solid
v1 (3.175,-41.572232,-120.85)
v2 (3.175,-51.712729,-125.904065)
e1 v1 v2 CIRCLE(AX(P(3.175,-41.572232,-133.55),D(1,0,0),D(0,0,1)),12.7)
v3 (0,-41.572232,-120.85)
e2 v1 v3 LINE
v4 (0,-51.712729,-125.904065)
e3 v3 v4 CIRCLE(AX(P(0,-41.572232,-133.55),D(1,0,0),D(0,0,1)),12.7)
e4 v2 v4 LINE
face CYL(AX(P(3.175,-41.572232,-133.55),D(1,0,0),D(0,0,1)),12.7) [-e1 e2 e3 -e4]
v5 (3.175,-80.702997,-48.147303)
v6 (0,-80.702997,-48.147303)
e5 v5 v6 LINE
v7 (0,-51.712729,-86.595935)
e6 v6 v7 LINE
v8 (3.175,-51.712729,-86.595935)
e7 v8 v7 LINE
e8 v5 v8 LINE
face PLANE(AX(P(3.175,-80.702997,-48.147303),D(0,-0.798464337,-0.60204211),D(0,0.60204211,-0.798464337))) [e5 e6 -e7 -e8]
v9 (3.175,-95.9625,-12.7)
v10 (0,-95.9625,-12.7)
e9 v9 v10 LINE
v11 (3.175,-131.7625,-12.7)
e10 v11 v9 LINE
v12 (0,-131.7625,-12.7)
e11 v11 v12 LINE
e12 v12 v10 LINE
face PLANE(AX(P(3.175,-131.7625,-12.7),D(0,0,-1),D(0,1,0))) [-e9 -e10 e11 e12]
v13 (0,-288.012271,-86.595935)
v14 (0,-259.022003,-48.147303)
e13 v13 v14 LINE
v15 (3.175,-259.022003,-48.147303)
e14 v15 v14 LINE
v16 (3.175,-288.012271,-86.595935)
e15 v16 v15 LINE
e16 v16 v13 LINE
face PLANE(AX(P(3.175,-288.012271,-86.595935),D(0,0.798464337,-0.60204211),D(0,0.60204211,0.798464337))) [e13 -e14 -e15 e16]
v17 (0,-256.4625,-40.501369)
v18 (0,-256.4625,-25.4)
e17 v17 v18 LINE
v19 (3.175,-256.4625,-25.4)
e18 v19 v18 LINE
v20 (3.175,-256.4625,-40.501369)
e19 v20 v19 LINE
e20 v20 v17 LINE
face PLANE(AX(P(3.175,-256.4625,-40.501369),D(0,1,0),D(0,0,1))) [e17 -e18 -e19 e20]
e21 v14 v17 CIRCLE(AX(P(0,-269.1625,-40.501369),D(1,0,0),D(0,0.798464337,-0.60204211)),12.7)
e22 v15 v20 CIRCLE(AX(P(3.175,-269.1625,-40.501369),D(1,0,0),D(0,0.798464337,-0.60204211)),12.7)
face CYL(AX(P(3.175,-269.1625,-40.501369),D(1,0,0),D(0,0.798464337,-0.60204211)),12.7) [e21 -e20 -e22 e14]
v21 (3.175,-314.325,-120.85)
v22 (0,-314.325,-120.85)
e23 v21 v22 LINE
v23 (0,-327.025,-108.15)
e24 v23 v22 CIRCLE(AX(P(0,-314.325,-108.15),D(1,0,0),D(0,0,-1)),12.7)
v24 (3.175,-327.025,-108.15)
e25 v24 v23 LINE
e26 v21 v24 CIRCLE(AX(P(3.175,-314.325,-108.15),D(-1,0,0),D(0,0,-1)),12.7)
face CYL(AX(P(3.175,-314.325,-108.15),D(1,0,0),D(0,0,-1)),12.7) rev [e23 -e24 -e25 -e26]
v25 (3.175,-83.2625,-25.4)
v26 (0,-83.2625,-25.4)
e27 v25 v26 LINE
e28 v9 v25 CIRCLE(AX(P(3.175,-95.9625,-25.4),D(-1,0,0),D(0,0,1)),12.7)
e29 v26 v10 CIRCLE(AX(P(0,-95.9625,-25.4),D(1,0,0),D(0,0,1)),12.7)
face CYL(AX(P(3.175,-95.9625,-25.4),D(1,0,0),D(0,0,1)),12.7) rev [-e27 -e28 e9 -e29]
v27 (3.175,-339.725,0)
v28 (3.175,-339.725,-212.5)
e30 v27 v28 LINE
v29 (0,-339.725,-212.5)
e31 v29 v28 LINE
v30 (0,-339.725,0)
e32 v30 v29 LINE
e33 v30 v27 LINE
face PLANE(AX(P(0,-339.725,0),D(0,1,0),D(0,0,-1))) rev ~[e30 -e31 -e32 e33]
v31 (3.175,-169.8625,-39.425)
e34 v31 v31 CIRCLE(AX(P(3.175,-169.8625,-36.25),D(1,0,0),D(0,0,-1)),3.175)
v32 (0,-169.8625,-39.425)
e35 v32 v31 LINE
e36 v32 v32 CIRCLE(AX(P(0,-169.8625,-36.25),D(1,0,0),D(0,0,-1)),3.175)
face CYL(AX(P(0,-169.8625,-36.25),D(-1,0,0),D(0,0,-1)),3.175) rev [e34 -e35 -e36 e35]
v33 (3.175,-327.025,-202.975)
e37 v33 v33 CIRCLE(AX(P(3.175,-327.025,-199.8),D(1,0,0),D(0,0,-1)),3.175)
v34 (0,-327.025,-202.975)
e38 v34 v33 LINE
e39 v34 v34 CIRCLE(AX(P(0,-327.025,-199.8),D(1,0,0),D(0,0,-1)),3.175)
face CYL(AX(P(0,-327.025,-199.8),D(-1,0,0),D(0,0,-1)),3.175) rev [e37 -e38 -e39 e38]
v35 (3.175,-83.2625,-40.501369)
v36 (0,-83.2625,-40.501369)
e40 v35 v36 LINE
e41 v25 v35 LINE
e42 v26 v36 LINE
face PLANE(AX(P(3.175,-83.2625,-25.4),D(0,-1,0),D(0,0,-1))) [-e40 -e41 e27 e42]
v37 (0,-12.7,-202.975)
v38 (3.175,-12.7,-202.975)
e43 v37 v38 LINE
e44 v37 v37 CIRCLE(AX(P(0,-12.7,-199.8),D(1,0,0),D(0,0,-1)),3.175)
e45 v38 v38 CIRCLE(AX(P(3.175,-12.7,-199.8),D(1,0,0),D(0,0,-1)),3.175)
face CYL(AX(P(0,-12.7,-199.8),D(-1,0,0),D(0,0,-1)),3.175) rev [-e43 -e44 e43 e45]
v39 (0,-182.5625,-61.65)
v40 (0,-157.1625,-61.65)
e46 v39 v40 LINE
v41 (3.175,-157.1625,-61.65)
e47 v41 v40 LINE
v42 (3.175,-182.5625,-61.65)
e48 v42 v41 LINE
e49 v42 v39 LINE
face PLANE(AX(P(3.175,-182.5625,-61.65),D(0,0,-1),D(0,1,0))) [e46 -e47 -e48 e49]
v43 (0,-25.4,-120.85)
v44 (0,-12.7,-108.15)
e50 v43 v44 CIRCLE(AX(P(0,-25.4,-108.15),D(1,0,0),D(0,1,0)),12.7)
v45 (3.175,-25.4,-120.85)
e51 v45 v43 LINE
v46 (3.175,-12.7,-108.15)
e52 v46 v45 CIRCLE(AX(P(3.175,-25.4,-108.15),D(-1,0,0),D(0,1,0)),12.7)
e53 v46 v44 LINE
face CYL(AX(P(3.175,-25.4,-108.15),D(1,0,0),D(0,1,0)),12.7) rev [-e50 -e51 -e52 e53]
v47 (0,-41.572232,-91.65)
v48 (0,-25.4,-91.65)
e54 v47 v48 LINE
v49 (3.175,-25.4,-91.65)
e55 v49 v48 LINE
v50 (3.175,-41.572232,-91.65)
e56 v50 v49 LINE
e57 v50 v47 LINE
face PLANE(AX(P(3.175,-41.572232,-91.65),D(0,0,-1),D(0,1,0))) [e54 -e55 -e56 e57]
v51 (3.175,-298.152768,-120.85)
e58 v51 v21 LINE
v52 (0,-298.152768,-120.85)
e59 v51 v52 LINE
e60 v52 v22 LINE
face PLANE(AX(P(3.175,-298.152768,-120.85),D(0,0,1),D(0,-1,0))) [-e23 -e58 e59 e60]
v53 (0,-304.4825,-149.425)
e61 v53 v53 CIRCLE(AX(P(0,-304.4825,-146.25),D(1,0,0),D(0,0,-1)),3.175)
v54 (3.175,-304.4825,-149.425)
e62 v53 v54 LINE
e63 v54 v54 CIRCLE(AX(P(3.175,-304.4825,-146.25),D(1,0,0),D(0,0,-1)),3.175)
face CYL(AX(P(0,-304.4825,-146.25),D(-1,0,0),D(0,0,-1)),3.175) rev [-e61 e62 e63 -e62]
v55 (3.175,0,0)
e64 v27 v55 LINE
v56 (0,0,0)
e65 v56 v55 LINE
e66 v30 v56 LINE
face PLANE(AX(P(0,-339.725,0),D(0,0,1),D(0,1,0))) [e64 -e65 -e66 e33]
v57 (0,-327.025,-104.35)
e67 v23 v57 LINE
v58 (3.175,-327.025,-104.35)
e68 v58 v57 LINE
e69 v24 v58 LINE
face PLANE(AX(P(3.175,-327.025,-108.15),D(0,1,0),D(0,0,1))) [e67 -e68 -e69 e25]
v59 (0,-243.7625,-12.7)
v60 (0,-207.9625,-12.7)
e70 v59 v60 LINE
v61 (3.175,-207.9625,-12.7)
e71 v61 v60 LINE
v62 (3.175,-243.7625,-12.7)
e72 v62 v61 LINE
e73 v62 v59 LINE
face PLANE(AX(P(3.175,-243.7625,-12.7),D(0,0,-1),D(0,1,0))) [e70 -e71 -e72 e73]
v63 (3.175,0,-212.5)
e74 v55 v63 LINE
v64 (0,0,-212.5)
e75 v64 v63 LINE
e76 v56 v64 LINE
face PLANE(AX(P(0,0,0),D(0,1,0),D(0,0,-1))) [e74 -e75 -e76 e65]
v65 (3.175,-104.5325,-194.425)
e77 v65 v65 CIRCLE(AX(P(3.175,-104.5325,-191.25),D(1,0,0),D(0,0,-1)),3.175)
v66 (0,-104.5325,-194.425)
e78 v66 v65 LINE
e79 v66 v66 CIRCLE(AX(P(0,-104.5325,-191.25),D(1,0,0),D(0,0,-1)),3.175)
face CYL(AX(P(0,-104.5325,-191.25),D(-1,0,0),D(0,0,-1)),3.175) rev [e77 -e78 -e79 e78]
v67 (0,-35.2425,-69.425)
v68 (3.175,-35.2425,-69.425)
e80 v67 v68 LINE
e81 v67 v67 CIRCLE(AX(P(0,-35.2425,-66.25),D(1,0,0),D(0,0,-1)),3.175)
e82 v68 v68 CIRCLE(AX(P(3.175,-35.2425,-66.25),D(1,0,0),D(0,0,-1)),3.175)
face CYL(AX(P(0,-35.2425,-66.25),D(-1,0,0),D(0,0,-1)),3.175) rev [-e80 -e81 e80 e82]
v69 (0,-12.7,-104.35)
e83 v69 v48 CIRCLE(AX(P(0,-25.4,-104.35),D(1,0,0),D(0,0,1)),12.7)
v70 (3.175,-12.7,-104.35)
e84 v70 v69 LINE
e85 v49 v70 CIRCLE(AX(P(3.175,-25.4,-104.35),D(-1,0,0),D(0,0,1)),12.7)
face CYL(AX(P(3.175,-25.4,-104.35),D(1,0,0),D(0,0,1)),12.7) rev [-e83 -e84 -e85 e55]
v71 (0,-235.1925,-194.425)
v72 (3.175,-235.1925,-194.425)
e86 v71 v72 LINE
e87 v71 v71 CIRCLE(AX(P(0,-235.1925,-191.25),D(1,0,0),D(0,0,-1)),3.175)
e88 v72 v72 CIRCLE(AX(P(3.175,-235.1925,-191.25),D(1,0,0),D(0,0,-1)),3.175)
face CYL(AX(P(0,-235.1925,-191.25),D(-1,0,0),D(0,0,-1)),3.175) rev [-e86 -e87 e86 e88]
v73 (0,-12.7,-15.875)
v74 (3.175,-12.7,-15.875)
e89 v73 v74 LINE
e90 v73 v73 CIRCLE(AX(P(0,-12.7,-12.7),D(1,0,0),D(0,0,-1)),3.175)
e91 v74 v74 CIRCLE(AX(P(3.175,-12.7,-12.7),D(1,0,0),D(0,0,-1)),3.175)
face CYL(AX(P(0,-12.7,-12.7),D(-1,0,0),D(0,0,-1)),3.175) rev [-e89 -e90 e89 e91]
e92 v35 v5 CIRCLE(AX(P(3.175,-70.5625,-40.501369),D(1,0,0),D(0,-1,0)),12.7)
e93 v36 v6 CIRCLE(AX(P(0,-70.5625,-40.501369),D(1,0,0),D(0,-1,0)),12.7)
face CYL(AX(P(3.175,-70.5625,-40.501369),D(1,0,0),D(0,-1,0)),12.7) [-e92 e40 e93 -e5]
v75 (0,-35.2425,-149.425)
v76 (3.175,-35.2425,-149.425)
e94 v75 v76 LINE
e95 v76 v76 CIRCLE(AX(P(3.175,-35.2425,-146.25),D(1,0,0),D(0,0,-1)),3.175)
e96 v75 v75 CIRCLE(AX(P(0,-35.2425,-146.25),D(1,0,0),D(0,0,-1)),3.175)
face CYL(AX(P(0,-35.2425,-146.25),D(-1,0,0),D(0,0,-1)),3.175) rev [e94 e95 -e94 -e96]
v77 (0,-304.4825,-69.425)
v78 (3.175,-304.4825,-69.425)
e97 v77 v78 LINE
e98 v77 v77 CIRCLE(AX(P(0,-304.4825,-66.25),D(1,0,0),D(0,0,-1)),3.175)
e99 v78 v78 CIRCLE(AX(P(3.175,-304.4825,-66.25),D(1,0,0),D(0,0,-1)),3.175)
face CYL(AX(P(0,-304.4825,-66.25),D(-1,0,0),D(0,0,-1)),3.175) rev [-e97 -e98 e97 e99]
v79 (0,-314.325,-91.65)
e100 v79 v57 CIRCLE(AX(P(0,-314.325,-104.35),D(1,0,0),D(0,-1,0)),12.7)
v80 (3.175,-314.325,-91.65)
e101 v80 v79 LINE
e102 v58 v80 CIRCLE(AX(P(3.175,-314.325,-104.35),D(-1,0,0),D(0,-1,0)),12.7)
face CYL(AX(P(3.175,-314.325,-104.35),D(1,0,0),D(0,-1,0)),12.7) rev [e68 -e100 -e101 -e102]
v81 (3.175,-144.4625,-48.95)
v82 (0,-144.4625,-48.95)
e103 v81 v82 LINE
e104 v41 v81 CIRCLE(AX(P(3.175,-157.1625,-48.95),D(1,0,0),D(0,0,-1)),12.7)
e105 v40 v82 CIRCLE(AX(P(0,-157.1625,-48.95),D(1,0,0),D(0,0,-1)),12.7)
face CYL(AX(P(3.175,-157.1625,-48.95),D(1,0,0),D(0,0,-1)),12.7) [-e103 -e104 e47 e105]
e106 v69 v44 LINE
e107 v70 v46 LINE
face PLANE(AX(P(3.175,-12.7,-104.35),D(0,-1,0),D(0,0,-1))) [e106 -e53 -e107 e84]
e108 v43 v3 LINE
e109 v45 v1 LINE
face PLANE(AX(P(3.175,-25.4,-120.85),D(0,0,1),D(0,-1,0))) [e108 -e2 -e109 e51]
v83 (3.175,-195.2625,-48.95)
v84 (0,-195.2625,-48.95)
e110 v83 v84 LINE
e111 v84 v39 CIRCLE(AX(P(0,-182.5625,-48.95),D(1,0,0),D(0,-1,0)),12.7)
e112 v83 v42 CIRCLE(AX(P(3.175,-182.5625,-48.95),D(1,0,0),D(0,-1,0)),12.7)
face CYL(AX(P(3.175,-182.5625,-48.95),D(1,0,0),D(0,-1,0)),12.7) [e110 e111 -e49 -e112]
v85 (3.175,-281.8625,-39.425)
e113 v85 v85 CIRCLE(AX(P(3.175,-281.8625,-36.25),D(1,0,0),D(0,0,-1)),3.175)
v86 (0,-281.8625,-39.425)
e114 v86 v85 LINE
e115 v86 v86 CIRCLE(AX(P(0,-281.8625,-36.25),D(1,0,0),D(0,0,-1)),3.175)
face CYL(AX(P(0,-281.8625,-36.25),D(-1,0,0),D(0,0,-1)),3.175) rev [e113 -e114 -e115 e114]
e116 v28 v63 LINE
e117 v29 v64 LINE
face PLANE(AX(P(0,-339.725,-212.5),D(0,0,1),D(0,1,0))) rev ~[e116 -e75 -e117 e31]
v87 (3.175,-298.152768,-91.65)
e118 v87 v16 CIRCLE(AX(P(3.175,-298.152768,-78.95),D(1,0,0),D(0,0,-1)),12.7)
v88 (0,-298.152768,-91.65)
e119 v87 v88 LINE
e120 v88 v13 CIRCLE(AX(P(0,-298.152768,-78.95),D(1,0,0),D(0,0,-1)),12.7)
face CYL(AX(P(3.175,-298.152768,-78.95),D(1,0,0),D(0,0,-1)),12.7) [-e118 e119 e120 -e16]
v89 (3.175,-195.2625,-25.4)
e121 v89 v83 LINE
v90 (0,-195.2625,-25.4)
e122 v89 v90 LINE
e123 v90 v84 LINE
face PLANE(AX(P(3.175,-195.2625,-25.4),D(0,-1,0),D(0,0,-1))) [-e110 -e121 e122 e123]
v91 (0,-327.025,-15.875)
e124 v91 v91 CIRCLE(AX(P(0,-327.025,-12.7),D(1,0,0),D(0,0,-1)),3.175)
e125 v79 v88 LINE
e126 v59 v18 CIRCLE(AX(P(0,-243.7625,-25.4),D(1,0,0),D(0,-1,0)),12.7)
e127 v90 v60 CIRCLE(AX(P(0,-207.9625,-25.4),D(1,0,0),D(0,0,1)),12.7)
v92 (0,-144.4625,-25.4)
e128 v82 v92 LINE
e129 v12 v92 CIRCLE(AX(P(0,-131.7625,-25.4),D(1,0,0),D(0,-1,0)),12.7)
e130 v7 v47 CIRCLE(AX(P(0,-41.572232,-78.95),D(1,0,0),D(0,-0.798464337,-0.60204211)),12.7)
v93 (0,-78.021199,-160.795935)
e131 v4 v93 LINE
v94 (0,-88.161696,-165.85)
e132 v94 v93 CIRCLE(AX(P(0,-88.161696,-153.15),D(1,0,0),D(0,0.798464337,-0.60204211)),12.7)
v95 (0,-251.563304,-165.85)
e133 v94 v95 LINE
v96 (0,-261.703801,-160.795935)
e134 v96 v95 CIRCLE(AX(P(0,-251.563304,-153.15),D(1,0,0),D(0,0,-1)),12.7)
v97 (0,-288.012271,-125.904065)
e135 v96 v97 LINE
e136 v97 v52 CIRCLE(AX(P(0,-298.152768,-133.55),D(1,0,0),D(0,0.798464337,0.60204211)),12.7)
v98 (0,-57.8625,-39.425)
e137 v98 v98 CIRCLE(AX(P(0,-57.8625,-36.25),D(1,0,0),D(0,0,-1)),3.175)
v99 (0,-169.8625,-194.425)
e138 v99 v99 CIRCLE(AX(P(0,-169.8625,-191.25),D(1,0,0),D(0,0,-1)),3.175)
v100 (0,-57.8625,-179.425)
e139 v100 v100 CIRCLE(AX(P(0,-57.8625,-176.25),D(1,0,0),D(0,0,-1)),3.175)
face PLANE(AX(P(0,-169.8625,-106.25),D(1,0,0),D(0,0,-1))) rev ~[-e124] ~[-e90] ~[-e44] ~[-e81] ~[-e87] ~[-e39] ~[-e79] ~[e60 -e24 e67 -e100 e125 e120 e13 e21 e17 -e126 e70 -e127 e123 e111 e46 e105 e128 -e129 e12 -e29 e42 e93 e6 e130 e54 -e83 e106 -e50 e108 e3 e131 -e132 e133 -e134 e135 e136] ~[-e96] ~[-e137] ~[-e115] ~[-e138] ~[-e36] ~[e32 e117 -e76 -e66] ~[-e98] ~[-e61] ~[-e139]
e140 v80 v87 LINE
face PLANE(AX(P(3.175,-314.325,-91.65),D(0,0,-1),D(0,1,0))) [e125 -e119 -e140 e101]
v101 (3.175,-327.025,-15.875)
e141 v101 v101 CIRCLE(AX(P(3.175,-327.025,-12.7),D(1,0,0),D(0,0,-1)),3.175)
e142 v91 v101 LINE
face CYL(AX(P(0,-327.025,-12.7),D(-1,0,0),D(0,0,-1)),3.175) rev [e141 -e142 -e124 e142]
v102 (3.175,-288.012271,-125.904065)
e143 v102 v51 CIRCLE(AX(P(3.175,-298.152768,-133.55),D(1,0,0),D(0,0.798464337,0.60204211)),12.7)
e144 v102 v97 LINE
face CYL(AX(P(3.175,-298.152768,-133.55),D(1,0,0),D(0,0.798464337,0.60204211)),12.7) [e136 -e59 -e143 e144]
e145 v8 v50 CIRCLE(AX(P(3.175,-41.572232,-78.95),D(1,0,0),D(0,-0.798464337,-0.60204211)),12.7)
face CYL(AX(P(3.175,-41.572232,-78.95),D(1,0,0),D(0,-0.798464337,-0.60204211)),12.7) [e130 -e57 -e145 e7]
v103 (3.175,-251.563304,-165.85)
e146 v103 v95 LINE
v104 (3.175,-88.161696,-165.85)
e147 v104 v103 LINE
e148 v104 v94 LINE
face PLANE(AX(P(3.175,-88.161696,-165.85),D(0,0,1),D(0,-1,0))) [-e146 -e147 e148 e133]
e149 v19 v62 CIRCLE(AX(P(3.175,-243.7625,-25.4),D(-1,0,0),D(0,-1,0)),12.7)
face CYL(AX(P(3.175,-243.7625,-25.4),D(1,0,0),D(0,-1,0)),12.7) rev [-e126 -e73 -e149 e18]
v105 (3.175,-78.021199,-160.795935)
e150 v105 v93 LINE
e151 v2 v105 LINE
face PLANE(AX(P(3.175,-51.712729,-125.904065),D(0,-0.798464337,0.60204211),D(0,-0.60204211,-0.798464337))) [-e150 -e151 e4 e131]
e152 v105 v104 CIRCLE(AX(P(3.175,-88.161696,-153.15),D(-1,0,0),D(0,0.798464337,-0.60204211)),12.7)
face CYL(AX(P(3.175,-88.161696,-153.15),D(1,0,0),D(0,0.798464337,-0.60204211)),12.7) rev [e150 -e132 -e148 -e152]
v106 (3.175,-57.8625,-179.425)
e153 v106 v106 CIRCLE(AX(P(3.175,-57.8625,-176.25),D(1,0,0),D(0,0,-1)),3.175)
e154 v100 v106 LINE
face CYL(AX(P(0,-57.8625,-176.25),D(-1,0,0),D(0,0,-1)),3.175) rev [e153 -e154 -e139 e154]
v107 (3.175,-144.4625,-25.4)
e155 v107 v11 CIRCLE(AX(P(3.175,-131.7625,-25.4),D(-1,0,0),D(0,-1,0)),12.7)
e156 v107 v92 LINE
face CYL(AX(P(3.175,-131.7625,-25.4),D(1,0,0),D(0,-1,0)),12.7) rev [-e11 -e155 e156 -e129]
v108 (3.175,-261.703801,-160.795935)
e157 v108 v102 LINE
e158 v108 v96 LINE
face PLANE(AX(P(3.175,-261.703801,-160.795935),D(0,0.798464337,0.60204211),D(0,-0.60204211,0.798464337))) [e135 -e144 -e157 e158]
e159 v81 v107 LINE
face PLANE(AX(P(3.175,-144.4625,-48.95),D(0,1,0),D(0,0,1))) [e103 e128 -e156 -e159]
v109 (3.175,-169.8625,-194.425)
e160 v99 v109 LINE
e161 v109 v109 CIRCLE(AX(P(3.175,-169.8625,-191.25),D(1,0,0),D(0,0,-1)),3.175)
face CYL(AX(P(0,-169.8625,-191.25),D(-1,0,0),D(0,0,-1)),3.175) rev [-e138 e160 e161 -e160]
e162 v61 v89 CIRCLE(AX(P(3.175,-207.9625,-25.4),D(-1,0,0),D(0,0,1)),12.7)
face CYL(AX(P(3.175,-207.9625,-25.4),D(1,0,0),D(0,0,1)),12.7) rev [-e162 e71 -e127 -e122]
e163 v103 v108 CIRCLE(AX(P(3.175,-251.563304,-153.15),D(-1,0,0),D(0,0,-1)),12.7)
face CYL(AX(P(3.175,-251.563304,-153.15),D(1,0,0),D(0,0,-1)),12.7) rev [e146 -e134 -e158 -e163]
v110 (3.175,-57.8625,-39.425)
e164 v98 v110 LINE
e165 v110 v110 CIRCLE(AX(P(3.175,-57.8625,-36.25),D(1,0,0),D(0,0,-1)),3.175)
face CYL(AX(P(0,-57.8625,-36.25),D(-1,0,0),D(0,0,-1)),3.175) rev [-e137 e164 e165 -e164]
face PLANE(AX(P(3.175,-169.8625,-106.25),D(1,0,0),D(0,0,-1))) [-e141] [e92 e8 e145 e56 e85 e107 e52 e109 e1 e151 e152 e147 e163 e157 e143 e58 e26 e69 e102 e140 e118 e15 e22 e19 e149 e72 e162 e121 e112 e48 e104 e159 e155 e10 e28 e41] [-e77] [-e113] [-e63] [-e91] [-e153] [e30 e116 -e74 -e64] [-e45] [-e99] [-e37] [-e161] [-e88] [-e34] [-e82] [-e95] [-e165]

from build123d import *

# Parameters (mm, degrees)
SKETCH1_W           = 212.5
SKETCH1_H           = 339.725
SKETCH1_R           = 3.175
BOSS_EXTRUDE1_DEPTH = 3.175
CUT_EXTRUDE1_DEPTH  = 4.175


with BuildPart() as part:
    # Sketch1 → Boss-Extrude1 (new body)
    with BuildSketch(Plane(origin=(0, 0, 0), x_dir=(0, 0, -1), z_dir=(1, 0, 0))):
        with Locations((106.25, -169.8625)):
            Rectangle(SKETCH1_W, SKETCH1_H)
        with Locations((12.7, -12.7)):
            Circle(SKETCH1_R, mode=Mode.SUBTRACT)
        with Locations((199.8, -12.7)):
            Circle(SKETCH1_R, mode=Mode.SUBTRACT)
        with Locations((66.25, -35.2425)):
            Circle(SKETCH1_R, mode=Mode.SUBTRACT)
        with Locations((146.25, -35.2425)):
            Circle(SKETCH1_R, mode=Mode.SUBTRACT)
        with Locations((176.25, -57.8625)):
            Circle(SKETCH1_R, mode=Mode.SUBTRACT)
        with Locations((36.25, -57.8625)):
            Circle(SKETCH1_R, mode=Mode.SUBTRACT)
        with Locations((191.25, -104.5325)):
            Circle(SKETCH1_R, mode=Mode.SUBTRACT)
        with Locations((36.25, -169.8625)):
            Circle(SKETCH1_R, mode=Mode.SUBTRACT)
        with Locations((191.25, -169.8625)):
            Circle(SKETCH1_R, mode=Mode.SUBTRACT)
        with Locations((36.25, -281.8625)):
            Circle(SKETCH1_R, mode=Mode.SUBTRACT)
        with Locations((66.25, -304.4825)):
            Circle(SKETCH1_R, mode=Mode.SUBTRACT)
        with Locations((12.7, -327.025)):
            Circle(SKETCH1_R, mode=Mode.SUBTRACT)
        with Locations((199.8, -327.025)):
            Circle(SKETCH1_R, mode=Mode.SUBTRACT)
        with Locations((146.25, -304.4825)):
            Circle(SKETCH1_R, mode=Mode.SUBTRACT)
        with Locations((191.25, -235.1925)):
            Circle(SKETCH1_R, mode=Mode.SUBTRACT)
    extrude(amount=BOSS_EXTRUDE1_DEPTH)

    # Sketch2 → Cut-Extrude1 (cut, through all)
    with BuildSketch(Plane(origin=(3.175, 0, 0), x_dir=(0, 0, -1), z_dir=(1, 0, 0))):
        with BuildLine():
            Line((165.85, -88.161695758), (165.85, -251.563304242))
            ThreePointArc((165.85, -251.563304242), (164.516472011, -257.22840036), (160.795934799, -261.703801323))
            Line((160.795934799, -261.703801323), (125.904065201, -288.012271))
            ThreePointArc((125.904065201, -288.012271), (122.183527989, -292.487671963), (120.85, -298.152768081))
            Line((120.85, -298.152768081), (120.85, -314.325))
            ThreePointArc((120.85, -314.325), (117.130256121, -323.305256121), (108.15, -327.025))
            Line((108.15, -327.025), (104.35, -327.025))
            ThreePointArc((104.35, -327.025), (95.369743879, -323.305256121), (91.65, -314.325))
            Line((91.65, -314.325), (91.65, -298.152768081))
            ThreePointArc((91.65, -298.152768081), (90.316472011, -292.487671963), (86.595934799, -288.012271))
            Line((86.595934799, -288.012271), (48.147303392, -259.022002919))
            ThreePointArc((48.147303392, -259.022002919), (44.532850149, -257.119362682), (40.501368593, -256.4625))
            Line((40.501368593, -256.4625), (25.4, -256.4625))
            ThreePointArc((25.4, -256.4625), (16.419743879, -252.742756121), (12.7, -243.7625))
            Line((12.7, -243.7625), (12.7, -207.9625))
            ThreePointArc((12.7, -207.9625), (16.419743879, -198.982243879), (25.4, -195.2625))
            Line((25.4, -195.2625), (48.95, -195.2625))
            ThreePointArc((48.95, -195.2625), (57.930256121, -191.542756121), (61.65, -182.5625))
            Line((61.65, -182.5625), (61.65, -157.1625))
            ThreePointArc((61.65, -157.1625), (57.930256121, -148.182243879), (48.95, -144.4625))
            Line((48.95, -144.4625), (25.4, -144.4625))
            ThreePointArc((25.4, -144.4625), (16.419743879, -140.742756121), (12.7, -131.7625))
            Line((12.7, -131.7625), (12.7, -95.9625))
            ThreePointArc((12.7, -95.9625), (16.419743879, -86.982243879), (25.4, -83.2625))
            Line((25.4, -83.2625), (40.501368593, -83.2625))
            ThreePointArc((40.501368593, -83.2625), (44.532850149, -82.605637318), (48.147303392, -80.702997081))
            Line((48.147303392, -80.702997081), (86.595934799, -51.712729))
            ThreePointArc((86.595934799, -51.712729), (90.316472011, -47.237328037), (91.65, -41.572231919))
            Line((91.65, -41.572231919), (91.65, -25.4))
            ThreePointArc((91.65, -25.4), (95.369743879, -16.419743879), (104.35, -12.7))
            Line((104.35, -12.7), (108.15, -12.7))
            ThreePointArc((108.15, -12.7), (117.130256121, -16.419743879), (120.85, -25.4))
            Line((120.85, -25.4), (120.85, -41.572231919))
            ThreePointArc((120.85, -41.572231919), (122.183527989, -47.237328037), (125.904065201, -51.712729))
            Line((125.904065201, -51.712729), (160.795934799, -78.021198677))
            ThreePointArc((160.795934799, -78.021198677), (164.516472011, -82.49659964), (165.85, -88.161695758))
        make_face()
    extrude(amount=-CUT_EXTRUDE1_DEPTH, mode=Mode.SUBTRACT)


solid = part.part
